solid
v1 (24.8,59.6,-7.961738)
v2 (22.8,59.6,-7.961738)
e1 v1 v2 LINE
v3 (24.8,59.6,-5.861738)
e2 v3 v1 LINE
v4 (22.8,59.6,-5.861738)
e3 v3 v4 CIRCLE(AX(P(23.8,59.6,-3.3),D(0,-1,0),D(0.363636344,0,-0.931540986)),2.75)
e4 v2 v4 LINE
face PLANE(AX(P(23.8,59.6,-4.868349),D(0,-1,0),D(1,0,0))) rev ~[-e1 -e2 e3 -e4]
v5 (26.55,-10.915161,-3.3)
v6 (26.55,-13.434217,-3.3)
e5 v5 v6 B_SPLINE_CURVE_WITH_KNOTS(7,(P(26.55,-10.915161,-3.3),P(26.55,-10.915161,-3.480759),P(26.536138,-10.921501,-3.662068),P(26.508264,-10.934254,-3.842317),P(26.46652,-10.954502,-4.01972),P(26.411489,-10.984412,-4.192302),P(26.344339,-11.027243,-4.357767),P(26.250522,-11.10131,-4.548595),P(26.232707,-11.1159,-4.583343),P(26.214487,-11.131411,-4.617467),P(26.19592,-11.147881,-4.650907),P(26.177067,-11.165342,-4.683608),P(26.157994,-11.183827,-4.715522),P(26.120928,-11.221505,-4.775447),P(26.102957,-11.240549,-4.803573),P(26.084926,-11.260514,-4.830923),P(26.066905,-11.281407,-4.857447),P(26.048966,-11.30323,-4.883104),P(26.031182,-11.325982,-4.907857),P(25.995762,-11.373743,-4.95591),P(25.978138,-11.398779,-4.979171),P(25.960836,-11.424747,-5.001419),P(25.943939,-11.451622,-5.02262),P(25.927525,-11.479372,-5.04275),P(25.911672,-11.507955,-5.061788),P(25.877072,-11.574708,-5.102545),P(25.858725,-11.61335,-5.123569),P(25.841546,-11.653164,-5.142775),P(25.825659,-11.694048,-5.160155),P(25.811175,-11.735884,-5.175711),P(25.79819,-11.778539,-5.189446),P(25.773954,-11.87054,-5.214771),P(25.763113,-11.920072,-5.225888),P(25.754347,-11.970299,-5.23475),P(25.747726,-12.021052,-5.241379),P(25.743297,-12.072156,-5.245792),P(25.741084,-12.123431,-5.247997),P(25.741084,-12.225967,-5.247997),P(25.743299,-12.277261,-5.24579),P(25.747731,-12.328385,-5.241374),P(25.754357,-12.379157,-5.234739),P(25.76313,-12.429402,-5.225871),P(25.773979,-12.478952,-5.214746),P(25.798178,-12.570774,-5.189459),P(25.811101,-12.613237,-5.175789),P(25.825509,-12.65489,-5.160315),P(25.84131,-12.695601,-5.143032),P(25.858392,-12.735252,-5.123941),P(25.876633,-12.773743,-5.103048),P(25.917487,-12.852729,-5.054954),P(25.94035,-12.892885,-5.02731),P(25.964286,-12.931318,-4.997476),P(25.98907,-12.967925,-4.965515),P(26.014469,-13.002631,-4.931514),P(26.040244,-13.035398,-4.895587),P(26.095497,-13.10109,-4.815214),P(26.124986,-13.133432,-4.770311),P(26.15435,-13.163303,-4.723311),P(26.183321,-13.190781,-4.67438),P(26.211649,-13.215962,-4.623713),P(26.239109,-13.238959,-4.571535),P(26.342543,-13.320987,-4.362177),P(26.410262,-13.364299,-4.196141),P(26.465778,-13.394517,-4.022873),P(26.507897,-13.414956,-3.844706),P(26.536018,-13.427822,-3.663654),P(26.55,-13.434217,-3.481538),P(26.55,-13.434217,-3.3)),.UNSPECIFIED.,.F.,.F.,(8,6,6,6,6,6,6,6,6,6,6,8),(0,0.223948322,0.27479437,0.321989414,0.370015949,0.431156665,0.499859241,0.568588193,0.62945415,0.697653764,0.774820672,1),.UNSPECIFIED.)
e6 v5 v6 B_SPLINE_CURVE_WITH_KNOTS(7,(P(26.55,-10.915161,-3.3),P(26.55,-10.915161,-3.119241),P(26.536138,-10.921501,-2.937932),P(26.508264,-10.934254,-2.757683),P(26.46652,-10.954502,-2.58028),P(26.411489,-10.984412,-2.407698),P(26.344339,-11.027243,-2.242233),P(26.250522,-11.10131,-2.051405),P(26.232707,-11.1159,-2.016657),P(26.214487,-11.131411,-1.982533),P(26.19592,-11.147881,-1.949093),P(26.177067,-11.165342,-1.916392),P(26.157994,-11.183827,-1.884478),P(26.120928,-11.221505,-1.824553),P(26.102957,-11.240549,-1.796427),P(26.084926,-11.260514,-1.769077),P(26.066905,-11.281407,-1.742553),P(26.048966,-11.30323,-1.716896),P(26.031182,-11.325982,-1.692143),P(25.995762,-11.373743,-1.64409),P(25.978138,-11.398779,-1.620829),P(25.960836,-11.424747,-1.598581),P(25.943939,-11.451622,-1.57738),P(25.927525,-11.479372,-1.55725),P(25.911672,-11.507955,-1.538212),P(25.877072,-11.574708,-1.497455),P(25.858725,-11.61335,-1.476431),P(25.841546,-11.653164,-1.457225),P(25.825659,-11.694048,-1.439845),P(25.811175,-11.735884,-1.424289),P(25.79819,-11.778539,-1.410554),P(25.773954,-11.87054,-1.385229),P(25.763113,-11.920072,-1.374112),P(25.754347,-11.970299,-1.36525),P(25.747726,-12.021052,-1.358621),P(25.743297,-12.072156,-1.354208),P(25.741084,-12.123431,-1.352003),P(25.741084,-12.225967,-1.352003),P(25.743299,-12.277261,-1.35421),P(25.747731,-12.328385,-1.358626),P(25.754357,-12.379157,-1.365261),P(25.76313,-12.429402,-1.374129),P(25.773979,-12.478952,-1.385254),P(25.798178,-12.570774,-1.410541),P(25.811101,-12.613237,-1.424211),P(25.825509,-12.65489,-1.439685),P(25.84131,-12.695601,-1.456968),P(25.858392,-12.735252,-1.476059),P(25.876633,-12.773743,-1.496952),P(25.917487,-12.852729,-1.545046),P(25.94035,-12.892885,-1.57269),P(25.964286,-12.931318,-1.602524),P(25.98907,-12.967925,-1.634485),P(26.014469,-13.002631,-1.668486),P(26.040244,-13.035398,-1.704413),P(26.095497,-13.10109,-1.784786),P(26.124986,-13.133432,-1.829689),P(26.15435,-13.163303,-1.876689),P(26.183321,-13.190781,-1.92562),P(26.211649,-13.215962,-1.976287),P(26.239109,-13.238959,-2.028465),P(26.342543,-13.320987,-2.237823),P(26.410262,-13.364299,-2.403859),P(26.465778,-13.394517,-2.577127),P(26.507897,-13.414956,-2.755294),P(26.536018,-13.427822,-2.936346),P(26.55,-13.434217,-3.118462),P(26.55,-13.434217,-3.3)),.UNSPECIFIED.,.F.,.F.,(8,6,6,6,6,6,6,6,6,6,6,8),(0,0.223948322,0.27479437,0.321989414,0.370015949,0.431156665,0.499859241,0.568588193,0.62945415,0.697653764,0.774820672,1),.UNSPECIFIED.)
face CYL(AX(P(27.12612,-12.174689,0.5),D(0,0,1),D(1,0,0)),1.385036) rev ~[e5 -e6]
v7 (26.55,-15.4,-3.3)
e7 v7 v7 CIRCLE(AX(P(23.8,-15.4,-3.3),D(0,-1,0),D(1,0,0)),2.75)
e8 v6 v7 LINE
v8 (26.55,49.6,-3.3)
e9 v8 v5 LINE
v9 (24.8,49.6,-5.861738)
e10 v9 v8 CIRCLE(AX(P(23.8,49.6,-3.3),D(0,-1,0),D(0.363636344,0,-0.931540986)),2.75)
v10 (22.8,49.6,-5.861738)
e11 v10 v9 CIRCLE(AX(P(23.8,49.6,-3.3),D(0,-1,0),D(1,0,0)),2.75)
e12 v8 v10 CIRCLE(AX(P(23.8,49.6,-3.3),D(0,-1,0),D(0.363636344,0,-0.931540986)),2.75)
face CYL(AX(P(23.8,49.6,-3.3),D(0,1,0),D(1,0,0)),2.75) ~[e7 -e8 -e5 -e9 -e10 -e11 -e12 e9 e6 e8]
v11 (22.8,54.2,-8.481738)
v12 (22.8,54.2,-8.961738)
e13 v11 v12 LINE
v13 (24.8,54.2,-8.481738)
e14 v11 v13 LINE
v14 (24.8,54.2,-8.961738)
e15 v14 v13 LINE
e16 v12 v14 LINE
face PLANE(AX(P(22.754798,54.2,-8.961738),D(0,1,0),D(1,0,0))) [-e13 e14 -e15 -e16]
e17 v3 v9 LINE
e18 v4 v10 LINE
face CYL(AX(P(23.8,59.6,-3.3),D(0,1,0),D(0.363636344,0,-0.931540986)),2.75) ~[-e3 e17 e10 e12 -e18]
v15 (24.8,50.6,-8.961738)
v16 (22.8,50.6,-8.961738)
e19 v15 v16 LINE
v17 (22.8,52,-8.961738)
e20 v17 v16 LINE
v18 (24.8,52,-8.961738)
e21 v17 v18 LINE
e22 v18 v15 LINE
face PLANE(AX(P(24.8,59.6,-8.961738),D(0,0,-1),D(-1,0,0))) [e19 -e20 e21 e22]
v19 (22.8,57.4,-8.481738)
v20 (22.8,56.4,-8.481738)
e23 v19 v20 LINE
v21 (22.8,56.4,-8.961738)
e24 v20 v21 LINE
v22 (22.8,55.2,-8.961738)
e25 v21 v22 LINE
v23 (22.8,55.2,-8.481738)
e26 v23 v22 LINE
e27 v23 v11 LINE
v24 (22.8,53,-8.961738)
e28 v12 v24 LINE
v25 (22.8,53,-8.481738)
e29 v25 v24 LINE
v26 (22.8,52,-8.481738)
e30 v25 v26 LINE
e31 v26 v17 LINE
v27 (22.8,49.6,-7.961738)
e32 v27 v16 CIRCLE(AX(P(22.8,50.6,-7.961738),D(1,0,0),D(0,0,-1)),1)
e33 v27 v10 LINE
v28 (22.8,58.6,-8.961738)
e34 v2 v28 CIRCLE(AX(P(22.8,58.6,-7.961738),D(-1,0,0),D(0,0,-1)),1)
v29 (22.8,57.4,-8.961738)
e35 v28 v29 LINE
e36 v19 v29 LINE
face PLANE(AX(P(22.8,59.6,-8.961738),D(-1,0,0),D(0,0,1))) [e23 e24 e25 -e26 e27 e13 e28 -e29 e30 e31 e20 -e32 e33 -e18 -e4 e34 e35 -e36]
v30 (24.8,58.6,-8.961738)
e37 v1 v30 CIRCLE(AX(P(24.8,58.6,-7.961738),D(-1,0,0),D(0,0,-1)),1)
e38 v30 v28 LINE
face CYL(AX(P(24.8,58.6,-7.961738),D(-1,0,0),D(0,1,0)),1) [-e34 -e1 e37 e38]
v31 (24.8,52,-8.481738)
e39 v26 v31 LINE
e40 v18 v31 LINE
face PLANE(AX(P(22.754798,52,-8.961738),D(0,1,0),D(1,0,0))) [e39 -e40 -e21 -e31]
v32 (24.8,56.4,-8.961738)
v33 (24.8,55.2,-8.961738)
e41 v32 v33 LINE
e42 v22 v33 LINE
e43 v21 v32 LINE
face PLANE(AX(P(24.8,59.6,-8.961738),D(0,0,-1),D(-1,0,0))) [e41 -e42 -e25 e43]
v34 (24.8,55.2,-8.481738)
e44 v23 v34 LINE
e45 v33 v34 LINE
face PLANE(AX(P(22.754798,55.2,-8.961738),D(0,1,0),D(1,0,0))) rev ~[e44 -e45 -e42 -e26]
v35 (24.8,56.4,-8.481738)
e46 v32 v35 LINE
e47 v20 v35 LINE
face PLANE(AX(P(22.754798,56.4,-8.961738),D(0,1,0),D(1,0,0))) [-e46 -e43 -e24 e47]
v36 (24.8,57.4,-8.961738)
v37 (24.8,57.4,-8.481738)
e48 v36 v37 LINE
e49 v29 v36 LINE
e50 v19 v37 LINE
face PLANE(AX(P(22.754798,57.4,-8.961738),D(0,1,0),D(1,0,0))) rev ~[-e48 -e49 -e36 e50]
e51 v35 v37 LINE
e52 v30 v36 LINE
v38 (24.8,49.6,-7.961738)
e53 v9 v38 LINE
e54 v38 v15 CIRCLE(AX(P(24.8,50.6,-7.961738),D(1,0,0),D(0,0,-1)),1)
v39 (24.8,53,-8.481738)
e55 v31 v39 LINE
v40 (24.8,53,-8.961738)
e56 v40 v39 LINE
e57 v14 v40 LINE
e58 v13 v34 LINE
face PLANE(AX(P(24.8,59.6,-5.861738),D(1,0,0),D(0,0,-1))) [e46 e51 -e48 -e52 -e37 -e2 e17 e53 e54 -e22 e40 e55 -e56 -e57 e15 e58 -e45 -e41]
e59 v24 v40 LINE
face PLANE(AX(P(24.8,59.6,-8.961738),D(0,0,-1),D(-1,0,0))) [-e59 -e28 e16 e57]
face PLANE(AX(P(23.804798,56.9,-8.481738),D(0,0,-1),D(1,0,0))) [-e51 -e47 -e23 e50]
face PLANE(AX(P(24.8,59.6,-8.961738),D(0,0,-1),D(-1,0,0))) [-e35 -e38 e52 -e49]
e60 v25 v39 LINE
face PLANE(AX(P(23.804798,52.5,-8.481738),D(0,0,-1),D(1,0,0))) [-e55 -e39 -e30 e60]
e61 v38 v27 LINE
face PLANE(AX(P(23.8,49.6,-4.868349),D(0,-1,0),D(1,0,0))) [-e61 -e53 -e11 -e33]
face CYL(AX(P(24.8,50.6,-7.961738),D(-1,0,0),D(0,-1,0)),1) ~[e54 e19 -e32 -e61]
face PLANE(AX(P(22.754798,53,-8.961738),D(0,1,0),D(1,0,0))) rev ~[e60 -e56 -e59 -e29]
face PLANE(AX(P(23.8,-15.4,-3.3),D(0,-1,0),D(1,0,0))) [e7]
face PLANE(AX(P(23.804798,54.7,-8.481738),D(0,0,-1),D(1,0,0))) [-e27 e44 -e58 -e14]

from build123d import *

# Parameters (mm, degrees)
PAD003_DEPTH    = 10
SKETCH021_R     = 2.75
PAD009_DEPTH    = 65
SKETCH022_R     = 1.385036
POCKET011_DEPTH = 9
SKETCH043_W     = 2.1
SKETCH043_H     = 1
POCKET021_DEPTH = 0.48
FILLET007_R     = 1


with BuildPart() as part:
    # Sketch007 → Pad003 (new body)
    with BuildSketch(Plane(origin=(-20, 60, -6), x_dir=(1, 0, 0), z_dir=(0, -1, 0))):
        with BuildLine():
            ThreePointArc((44.8, 1.638262), (43.8, 6.95), (42.8, 1.638262))
            Line((42.8, -1.461738), (42.8, 1.638262))
            Line((44.8, -1.461738), (42.8, -1.461738))
            Line((44.8, 1.638262), (44.8, -1.461738))
        make_face()
    extrude(amount=PAD003_DEPTH)

    # Sketch021 (on Face6 of Pad003) → Pad009 (join)
    with BuildSketch(Plane.XZ.offset(-50)):
        with Locations((23.8, -1.8)):
            Circle(SKETCH021_R)
    extrude(amount=PAD009_DEPTH)

    # Sketch022 → Pocket011 (cut)
    with BuildSketch(Plane.XY.offset(2)):
        with Locations((27.12612, -11.774689)):
            Circle(SKETCH022_R)
    extrude(amount=-POCKET011_DEPTH, mode=Mode.SUBTRACT)

    # Sketch043 (on Face6 of Pocket011) → Pocket021 (cut)
    with BuildSketch(Plane(origin=(0, 0, -7.461738), x_dir=(1, 0, 0), z_dir=(0, 0, -1))):
        with Locations((23.804798, -57.3)):
            Rectangle(SKETCH043_W, SKETCH043_H)
        with Locations((23.804798, -52.9)):
            Rectangle(SKETCH043_W, SKETCH043_H)
        with Locations((23.804798, -55.1)):
            Rectangle(SKETCH043_W, SKETCH043_H)
    extrude(amount=-POCKET021_DEPTH, mode=Mode.SUBTRACT)

    # Fillet007
    fillet007_edges = [part.edges().sort_by_distance(p)[0] for p in [
        (23.8, 60, -7.461738),
        (23.8, 50, -7.461738),
    ]]
    fillet(fillet007_edges, radius=FILLET007_R)


with BuildPart() as part_1:
    # Body002 placement: moved
    add(part.part.moved(Location((0, -0.4, -1.5))))


solid = part_1.part
